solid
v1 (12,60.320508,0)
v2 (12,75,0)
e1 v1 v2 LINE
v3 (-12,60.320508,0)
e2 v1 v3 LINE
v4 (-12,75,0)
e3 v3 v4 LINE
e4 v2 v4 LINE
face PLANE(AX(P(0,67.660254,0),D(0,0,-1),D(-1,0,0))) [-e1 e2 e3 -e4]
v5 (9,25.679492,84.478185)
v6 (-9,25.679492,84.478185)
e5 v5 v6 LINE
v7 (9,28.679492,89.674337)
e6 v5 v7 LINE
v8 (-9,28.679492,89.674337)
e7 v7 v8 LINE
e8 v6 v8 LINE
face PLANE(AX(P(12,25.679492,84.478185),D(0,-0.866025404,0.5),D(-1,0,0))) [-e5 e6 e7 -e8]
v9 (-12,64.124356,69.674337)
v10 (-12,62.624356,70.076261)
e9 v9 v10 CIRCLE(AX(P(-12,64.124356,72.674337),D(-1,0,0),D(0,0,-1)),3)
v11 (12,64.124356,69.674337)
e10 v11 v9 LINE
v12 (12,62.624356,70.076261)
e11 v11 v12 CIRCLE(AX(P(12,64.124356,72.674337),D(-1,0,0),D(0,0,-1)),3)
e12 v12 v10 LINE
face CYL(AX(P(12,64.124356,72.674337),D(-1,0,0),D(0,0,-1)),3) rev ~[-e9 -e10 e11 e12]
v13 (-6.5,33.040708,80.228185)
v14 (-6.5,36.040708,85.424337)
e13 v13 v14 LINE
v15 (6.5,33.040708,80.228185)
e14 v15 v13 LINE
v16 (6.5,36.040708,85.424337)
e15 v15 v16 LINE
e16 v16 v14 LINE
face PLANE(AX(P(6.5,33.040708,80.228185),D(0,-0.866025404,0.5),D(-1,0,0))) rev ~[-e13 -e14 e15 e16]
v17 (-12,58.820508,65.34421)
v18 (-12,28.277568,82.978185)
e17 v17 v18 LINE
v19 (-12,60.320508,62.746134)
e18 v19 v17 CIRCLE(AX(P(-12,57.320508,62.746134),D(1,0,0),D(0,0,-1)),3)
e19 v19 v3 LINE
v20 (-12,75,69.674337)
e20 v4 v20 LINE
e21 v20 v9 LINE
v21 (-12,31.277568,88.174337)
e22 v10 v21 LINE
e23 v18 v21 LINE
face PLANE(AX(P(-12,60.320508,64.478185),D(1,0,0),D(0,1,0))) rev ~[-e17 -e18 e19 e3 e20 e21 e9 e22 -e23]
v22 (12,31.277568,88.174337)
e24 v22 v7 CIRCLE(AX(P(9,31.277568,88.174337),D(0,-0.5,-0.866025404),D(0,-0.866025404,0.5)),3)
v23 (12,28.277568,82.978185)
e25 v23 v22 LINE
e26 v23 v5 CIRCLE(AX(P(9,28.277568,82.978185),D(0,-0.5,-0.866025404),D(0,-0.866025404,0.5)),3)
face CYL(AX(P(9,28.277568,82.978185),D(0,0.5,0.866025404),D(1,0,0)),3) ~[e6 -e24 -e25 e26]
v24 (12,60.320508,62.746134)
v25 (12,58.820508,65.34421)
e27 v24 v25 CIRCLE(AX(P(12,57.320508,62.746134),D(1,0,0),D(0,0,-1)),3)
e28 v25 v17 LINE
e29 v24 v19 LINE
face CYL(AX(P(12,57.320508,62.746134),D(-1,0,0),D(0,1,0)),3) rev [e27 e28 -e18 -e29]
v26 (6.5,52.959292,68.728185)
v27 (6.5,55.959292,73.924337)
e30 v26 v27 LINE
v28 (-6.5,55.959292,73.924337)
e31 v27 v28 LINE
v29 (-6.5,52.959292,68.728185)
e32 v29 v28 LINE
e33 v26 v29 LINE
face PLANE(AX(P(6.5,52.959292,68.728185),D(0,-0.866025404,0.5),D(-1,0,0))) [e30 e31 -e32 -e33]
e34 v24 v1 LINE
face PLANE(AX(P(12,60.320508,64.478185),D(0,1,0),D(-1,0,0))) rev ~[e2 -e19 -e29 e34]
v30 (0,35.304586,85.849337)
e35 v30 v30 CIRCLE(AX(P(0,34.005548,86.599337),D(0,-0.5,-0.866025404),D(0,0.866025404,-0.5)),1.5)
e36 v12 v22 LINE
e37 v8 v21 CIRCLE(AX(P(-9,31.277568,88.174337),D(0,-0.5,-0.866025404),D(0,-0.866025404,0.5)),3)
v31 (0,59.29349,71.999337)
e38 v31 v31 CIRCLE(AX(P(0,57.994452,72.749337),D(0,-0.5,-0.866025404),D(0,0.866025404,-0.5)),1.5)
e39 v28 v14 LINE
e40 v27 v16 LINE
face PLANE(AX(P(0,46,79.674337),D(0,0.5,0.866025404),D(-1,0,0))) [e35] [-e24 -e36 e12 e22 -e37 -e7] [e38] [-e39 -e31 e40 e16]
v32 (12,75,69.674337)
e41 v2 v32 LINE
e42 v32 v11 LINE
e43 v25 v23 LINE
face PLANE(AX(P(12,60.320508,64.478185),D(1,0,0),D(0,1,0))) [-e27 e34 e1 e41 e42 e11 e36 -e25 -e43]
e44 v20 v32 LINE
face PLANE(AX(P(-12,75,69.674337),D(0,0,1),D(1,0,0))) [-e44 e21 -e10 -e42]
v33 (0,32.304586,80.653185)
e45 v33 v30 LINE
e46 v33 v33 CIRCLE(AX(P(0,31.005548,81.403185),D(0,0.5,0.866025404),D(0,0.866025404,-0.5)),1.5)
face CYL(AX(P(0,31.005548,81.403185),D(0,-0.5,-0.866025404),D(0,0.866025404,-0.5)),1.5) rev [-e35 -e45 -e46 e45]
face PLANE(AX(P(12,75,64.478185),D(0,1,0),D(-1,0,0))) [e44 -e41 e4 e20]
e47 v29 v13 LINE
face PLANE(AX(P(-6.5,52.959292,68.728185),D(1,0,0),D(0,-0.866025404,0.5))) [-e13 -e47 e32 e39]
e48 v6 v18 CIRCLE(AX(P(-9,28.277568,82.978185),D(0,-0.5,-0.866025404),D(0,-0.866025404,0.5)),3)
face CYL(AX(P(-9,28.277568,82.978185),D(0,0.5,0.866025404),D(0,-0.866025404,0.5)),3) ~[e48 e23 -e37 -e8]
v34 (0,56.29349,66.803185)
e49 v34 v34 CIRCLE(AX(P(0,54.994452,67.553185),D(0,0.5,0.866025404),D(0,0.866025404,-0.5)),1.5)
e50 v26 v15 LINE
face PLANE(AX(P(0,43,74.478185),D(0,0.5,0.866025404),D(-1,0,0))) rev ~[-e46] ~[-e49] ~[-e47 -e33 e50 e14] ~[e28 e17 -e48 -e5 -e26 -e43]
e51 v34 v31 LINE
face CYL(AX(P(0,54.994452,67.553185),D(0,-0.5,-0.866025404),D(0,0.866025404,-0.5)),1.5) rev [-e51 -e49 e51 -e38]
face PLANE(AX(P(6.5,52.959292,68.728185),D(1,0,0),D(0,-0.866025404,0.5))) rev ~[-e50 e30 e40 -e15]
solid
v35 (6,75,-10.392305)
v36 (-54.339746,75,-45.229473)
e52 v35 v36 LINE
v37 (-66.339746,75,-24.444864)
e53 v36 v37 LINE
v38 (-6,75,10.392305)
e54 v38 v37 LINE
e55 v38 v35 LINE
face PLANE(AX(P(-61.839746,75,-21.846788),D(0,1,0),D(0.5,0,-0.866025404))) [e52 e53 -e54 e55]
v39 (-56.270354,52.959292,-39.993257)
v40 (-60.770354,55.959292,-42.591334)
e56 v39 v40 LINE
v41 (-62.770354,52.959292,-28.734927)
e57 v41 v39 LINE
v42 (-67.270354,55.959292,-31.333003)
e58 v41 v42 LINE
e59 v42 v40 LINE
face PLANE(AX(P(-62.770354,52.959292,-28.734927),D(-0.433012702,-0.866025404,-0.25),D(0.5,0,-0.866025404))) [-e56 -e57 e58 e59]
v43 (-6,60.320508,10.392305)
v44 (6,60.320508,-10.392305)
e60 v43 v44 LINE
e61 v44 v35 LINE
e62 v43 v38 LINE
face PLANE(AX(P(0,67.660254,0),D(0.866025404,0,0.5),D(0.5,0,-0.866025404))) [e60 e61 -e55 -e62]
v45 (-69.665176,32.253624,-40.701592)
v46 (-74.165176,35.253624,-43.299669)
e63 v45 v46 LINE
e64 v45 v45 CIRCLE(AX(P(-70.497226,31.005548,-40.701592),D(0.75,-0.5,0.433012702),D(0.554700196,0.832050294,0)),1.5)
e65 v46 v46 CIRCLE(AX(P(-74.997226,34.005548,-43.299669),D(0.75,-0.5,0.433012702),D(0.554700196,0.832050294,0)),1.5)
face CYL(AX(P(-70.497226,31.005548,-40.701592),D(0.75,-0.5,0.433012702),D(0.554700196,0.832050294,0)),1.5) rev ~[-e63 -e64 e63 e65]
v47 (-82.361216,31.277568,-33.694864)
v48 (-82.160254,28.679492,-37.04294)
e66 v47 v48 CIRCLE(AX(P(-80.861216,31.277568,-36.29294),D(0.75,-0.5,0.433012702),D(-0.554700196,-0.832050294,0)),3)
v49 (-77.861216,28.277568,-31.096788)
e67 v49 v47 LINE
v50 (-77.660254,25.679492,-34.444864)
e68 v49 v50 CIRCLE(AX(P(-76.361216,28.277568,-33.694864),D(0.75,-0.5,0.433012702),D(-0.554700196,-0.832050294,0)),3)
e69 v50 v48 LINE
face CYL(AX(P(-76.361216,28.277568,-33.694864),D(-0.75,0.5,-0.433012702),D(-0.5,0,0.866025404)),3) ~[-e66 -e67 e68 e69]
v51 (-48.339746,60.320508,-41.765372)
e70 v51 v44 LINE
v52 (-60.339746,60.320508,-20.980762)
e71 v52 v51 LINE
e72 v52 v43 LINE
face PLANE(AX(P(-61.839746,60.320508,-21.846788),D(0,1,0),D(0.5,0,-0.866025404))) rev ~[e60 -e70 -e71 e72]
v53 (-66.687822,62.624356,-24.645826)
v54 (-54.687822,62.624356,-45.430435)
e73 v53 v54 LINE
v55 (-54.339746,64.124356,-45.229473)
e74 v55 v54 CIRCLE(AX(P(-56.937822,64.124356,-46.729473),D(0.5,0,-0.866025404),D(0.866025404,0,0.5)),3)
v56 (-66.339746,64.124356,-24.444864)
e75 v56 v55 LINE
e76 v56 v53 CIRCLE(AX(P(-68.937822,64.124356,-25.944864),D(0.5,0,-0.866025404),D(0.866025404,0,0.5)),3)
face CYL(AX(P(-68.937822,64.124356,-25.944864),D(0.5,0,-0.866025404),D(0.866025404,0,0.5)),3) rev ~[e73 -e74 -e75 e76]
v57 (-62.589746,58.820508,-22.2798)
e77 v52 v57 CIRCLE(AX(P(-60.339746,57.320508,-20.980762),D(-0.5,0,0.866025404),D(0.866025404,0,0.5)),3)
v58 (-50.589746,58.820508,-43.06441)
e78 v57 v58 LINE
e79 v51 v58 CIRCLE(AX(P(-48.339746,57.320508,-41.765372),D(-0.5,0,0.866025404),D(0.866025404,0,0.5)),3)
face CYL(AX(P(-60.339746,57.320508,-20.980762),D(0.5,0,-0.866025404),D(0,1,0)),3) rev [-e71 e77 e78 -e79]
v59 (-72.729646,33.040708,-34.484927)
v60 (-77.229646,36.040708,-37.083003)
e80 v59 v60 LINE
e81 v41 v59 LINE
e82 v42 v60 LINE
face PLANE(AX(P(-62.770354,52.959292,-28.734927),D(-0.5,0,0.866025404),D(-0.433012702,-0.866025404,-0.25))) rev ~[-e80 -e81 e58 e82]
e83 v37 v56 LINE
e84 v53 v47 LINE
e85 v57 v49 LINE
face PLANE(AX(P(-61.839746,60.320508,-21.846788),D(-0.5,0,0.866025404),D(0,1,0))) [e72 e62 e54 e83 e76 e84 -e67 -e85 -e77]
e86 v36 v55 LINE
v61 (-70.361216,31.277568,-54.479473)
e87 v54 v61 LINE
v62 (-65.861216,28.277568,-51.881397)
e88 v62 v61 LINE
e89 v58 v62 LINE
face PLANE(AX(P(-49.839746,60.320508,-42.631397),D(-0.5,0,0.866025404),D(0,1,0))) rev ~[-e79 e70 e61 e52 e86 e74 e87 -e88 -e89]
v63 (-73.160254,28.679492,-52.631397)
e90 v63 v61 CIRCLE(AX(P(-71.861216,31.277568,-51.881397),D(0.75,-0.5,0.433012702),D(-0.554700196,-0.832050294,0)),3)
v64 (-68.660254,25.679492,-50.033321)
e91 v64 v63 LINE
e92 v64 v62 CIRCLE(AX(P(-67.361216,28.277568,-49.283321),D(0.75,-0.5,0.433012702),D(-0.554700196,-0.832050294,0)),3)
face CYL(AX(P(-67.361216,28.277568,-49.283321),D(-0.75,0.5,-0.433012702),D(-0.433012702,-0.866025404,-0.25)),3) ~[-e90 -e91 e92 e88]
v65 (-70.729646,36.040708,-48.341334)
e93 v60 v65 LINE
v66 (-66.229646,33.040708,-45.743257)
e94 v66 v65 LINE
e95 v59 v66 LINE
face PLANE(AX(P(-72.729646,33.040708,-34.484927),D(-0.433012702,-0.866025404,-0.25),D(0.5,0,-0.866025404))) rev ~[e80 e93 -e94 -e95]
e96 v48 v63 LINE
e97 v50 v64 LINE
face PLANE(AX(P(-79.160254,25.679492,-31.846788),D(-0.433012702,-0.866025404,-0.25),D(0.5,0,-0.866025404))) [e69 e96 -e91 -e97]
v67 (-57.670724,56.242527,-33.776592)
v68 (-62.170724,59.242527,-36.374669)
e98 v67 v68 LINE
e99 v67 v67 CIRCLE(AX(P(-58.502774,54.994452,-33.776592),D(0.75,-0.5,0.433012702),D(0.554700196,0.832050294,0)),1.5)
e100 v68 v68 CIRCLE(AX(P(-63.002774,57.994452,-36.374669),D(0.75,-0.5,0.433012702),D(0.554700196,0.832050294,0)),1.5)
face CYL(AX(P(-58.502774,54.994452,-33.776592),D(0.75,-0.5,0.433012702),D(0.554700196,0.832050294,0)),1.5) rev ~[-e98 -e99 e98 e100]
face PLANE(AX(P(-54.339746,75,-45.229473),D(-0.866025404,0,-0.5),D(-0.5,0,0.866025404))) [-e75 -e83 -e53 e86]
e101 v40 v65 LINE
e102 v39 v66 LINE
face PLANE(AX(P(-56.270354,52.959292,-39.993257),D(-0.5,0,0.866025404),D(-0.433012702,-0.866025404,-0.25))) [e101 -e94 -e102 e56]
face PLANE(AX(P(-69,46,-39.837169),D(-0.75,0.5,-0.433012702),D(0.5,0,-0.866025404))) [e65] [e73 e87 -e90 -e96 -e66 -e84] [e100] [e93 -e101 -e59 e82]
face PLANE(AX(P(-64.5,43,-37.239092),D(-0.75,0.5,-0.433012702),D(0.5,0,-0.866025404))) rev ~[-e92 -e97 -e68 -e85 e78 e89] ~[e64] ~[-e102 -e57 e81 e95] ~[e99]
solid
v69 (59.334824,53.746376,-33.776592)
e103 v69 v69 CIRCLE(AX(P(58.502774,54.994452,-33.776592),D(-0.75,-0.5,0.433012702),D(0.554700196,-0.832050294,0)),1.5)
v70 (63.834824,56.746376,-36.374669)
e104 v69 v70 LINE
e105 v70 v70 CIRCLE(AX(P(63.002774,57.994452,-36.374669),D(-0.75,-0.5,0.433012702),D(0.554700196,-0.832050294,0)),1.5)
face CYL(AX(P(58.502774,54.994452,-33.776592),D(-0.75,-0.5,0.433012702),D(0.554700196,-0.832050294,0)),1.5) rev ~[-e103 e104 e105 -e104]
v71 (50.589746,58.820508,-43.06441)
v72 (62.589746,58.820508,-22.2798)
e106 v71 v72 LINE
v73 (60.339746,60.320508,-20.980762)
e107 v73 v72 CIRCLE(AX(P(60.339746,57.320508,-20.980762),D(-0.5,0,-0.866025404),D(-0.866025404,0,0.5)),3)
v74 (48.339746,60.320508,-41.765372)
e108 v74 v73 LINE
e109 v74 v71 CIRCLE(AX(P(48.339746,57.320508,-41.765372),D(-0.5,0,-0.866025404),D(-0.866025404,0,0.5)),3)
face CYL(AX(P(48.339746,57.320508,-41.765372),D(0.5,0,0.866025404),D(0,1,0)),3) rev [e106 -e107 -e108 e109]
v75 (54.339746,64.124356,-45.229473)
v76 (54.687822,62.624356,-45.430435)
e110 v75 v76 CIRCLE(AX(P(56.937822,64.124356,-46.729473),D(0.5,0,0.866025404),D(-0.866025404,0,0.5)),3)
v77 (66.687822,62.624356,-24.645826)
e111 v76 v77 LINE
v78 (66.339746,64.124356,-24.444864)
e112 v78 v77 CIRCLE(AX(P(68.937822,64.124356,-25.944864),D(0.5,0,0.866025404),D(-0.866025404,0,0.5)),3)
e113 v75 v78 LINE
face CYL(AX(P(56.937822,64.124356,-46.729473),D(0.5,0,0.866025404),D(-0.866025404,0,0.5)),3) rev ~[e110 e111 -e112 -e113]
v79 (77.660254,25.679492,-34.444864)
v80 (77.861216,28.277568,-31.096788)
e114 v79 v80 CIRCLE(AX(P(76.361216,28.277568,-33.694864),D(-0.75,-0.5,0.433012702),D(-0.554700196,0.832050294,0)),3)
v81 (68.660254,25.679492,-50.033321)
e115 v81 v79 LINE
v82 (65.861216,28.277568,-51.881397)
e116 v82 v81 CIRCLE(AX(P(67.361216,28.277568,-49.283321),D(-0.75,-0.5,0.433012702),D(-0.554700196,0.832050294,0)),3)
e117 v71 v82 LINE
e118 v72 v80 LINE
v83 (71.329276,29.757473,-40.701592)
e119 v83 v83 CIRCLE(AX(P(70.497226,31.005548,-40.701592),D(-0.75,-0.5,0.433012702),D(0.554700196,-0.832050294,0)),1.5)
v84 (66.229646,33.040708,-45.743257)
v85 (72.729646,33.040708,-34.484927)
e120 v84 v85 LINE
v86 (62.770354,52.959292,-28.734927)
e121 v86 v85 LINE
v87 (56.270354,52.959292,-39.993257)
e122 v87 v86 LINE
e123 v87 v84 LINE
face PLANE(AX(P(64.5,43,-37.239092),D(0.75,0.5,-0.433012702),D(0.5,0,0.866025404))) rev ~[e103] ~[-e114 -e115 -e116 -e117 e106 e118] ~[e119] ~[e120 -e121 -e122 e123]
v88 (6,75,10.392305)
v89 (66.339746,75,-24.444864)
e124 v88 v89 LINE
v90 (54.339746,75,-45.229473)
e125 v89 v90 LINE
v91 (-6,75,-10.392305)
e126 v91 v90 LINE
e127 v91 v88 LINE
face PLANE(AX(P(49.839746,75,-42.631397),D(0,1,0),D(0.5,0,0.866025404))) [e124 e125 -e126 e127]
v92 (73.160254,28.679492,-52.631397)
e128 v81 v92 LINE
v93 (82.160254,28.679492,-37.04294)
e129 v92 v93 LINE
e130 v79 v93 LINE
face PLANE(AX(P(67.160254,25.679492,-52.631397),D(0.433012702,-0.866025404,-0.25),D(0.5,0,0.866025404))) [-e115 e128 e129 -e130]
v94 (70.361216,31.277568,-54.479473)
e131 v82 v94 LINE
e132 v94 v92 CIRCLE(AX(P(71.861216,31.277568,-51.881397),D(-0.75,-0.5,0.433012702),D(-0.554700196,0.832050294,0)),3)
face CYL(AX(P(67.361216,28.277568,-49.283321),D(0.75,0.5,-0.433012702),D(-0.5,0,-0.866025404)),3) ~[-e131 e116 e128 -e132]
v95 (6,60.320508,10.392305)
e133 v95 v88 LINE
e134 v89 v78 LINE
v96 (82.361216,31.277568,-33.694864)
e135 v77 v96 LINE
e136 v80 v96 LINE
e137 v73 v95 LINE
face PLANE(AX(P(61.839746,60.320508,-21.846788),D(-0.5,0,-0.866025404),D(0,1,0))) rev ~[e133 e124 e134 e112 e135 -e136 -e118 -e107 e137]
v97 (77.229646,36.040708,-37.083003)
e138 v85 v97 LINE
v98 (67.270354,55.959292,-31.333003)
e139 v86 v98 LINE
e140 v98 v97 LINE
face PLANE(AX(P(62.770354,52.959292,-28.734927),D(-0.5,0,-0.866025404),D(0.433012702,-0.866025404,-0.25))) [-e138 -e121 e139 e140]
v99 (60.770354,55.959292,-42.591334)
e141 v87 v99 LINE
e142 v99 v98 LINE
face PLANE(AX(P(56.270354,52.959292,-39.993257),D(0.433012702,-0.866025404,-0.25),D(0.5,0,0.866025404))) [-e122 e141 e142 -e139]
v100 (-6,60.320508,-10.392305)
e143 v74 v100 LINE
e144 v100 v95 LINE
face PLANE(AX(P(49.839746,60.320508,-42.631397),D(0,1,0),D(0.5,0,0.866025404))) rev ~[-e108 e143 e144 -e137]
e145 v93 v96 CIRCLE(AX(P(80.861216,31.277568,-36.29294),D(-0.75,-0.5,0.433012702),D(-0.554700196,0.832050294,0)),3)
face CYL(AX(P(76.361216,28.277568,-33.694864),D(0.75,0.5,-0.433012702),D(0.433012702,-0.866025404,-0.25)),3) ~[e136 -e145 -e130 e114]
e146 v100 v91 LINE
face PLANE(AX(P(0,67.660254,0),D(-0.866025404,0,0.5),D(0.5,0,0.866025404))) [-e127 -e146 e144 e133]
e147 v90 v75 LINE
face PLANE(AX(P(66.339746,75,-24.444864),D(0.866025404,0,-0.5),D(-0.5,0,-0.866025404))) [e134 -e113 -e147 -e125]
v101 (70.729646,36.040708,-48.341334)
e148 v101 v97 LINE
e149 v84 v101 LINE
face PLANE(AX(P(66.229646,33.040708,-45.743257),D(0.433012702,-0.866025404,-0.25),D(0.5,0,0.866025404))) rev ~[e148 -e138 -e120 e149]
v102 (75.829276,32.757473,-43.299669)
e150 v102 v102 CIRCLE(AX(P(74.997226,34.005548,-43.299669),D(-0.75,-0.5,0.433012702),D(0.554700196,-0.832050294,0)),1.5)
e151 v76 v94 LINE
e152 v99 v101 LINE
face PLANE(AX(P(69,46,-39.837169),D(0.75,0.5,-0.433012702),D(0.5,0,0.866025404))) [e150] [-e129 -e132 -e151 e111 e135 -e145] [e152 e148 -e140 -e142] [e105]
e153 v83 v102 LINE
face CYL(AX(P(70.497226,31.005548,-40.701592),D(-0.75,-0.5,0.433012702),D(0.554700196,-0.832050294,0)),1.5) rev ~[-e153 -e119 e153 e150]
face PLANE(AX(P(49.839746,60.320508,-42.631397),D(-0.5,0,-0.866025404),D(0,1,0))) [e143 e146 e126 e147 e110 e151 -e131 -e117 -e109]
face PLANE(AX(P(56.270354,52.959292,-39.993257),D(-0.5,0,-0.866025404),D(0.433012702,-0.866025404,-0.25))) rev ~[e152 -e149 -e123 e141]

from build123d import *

# Parameters (mm, degrees)
SKETCH_4_W                = 24
SKETCH_4_H                = 40
SKETCH_4_W_2              = 13
SKETCH_4_H_2              = 23
EXTRUDE_1_DEPTH           = 6
EXTRUDE_2_REACH           = 105.044
SKETCH_5_W                = 24
SKETCH_5_H                = 5.196152423
SKETCH_6_W                = 24
SKETCH_6_H                = 14.679491924
EXTRUDE_3_DEPTH           = 64.478184725
PATTERN_CIRCULAR_13_COUNT = 3
SKETCH_7_R                = 1.5
CUT_EXTRUDE_1_DEPTH       = 10
SKETCH_8_R                = 1.5
CUT_EXTRUDE_2_DEPTH       = 10
SKETCH_9_R                = 1.5
CUT_EXTRUDE_3_DEPTH       = 10
FILLET_1_R                = 3
FILLET_2_R                = 3
FILLET_3_R                = 3
FILLET_4_R                = 3
FILLET_5_R                = 3
FILLET_6_R                = 3


with BuildPart() as part:
    # 草图4 → 凸台-拉伸1 (new body)
    with BuildSketch(Plane(origin=(0, 43, 74.478184725), x_dir=(-1, 0, 0), z_dir=(0, 0.500000000000001, 0.866025403784438))):
        Rectangle(SKETCH_4_W, SKETCH_4_H)
        Rectangle(SKETCH_4_W_2, SKETCH_4_H_2, mode=Mode.SUBTRACT)
    extrude(amount=EXTRUDE_1_DEPTH)

    # 草图5 → 凸台-拉伸2 (add, up to next)
    with BuildSketch(Plane(origin=(0, 75, 0), x_dir=(1, 0, 0), z_dir=(0, 1, 0)), mode=Mode.PRIVATE) as extrude_2_sk1:
        with Locations((0, -67.076260937)):
            Rectangle(SKETCH_5_W, SKETCH_5_H)
    extrude_2_tool1 = extrude(extrude_2_sk1.sketch, amount=-EXTRUDE_2_REACH, mode=Mode.PRIVATE) - part.part
    add(extrude_2_tool1.solids().sort_by_distance((0, 75, 67.076261))[0])

    # 草图6 → 凸台-拉伸3 (add)
    with BuildSketch(Plane(origin=(0, 0, 64.478184725), x_dir=(-1, 0, 0), z_dir=(0, 0, -1))):
        with Locations((0, 67.660254038)):
            Rectangle(SKETCH_6_W, SKETCH_6_H)
    extrude(amount=EXTRUDE_3_DEPTH)


with BuildPart() as pattern_circular_13_1:
    # 阵列(圆周)13: pattern copy
    add(part.part.rotate(Axis((0, 0, 0), (0, 1, 0)), 1 * 360 / PATTERN_CIRCULAR_13_COUNT))

    # 草图9 → 切除-拉伸3 (cut)
    with BuildSketch(Plane(origin=(64.5, 43, -37.239092363), x_dir=(0.36028834606144033, 0.2401922307076262, 0.9013878188660008), z_dir=(-0.7500000000000038, -0.5000000000000009, 0.4330127018922121))):
        with Locations(Location((3.841298859, 13.306649581, 0), (0, 0, 270))):
            Circle(SKETCH_9_R)
        with Locations(Location((-3.841298859, -13.306649581, 0), (0, 0, 270))):
            Circle(SKETCH_9_R)
    extrude(amount=-CUT_EXTRUDE_3_DEPTH, mode=Mode.SUBTRACT)

    # 圆角1
    fillet_1_edges = [pattern_circular_13_1.edges().sort_by_distance(p)[0] for p in [
        (60.339745962, 63.320508076, -34.837168574),
        (55.839745962, 60.320508076, -32.239092363),
    ]]
    fillet(fillet_1_edges, radius=FILLET_1_R)

    # 圆角4
    fillet_4_edges = [pattern_circular_13_1.edges().sort_by_distance(p)[0] for p in [
        (69.410254038, 27.179491924, -53.930435314),
        (81.410254038, 27.179491924, -33.145825623),
    ]]
    fillet(fillet_4_edges, radius=FILLET_4_R)


with BuildPart() as pattern_circular_13_2:
    # 阵列(圆周)13: pattern copy
    add(part.part.rotate(Axis((0, 0, 0), (0, 1, 0)), 2 * 360 / PATTERN_CIRCULAR_13_COUNT))

    # 草图8 → 切除-拉伸2 (cut)
    with BuildSketch(Plane(origin=(-64.5, 43, -37.239092363), x_dir=(0.3602883460614483, -0.24019223070763335, -0.9013878188659957), z_dir=(0.7499999999999976, -0.500000000000001, 0.4330127018922227))):
        with Locations(Location((-3.841298859, 13.306649581, 0), (0, 0, 90))):
            Circle(SKETCH_8_R)
        with Locations(Location((3.841298859, -13.306649581, 0), (0, 0, 90))):
            Circle(SKETCH_8_R)
    extrude(amount=-CUT_EXTRUDE_2_DEPTH, mode=Mode.SUBTRACT)

    # 圆角3
    fillet_3_edges = [pattern_circular_13_2.edges().sort_by_distance(p)[0] for p in [
        (-60.339745962, 63.320508076, -34.837168574),
        (-55.839745962, 60.320508076, -32.239092363),
    ]]
    fillet(fillet_3_edges, radius=FILLET_3_R)

    # 圆角5
    fillet_5_edges = [pattern_circular_13_2.edges().sort_by_distance(p)[0] for p in [
        (-81.410254038, 27.179491924, -33.145825623),
        (-69.410254038, 27.179491924, -53.930435314),
    ]]
    fillet(fillet_5_edges, radius=FILLET_5_R)


with BuildPart() as part_1:
    add(part.part)

    # 草图7 → 切除-拉伸1 (cut)
    with BuildSketch(Plane(origin=(0, 43, 74.478184725), x_dir=(-1, 0, 0), z_dir=(0, 0.500000000000001, 0.866025403784438))):
        with Locations(Location((0, 13.85, 0), (0, 0, 270))):
            Circle(SKETCH_7_R)
        with Locations(Location((0, -13.85, 0), (0, 0, 270))):
            Circle(SKETCH_7_R)
    extrude(amount=CUT_EXTRUDE_1_DEPTH, mode=Mode.SUBTRACT)

    # 圆角2
    fillet_2_edges = [part_1.edges().sort_by_distance(p)[0] for p in [
        (0, 63.320508076, 69.674337148),
        (0, 60.320508076, 64.478184725),
    ]]
    fillet(fillet_2_edges, radius=FILLET_2_R)

    # 圆角6
    fillet_6_edges = [part_1.edges().sort_by_distance(p)[0] for p in [
        (12, 27.179491924, 87.076260937),
        (-12, 27.179491924, 87.076260937),
    ]]
    fillet(fillet_6_edges, radius=FILLET_6_R)


solid = Compound([pattern_circular_13_1.part, pattern_circular_13_2.part, part_1.part])
